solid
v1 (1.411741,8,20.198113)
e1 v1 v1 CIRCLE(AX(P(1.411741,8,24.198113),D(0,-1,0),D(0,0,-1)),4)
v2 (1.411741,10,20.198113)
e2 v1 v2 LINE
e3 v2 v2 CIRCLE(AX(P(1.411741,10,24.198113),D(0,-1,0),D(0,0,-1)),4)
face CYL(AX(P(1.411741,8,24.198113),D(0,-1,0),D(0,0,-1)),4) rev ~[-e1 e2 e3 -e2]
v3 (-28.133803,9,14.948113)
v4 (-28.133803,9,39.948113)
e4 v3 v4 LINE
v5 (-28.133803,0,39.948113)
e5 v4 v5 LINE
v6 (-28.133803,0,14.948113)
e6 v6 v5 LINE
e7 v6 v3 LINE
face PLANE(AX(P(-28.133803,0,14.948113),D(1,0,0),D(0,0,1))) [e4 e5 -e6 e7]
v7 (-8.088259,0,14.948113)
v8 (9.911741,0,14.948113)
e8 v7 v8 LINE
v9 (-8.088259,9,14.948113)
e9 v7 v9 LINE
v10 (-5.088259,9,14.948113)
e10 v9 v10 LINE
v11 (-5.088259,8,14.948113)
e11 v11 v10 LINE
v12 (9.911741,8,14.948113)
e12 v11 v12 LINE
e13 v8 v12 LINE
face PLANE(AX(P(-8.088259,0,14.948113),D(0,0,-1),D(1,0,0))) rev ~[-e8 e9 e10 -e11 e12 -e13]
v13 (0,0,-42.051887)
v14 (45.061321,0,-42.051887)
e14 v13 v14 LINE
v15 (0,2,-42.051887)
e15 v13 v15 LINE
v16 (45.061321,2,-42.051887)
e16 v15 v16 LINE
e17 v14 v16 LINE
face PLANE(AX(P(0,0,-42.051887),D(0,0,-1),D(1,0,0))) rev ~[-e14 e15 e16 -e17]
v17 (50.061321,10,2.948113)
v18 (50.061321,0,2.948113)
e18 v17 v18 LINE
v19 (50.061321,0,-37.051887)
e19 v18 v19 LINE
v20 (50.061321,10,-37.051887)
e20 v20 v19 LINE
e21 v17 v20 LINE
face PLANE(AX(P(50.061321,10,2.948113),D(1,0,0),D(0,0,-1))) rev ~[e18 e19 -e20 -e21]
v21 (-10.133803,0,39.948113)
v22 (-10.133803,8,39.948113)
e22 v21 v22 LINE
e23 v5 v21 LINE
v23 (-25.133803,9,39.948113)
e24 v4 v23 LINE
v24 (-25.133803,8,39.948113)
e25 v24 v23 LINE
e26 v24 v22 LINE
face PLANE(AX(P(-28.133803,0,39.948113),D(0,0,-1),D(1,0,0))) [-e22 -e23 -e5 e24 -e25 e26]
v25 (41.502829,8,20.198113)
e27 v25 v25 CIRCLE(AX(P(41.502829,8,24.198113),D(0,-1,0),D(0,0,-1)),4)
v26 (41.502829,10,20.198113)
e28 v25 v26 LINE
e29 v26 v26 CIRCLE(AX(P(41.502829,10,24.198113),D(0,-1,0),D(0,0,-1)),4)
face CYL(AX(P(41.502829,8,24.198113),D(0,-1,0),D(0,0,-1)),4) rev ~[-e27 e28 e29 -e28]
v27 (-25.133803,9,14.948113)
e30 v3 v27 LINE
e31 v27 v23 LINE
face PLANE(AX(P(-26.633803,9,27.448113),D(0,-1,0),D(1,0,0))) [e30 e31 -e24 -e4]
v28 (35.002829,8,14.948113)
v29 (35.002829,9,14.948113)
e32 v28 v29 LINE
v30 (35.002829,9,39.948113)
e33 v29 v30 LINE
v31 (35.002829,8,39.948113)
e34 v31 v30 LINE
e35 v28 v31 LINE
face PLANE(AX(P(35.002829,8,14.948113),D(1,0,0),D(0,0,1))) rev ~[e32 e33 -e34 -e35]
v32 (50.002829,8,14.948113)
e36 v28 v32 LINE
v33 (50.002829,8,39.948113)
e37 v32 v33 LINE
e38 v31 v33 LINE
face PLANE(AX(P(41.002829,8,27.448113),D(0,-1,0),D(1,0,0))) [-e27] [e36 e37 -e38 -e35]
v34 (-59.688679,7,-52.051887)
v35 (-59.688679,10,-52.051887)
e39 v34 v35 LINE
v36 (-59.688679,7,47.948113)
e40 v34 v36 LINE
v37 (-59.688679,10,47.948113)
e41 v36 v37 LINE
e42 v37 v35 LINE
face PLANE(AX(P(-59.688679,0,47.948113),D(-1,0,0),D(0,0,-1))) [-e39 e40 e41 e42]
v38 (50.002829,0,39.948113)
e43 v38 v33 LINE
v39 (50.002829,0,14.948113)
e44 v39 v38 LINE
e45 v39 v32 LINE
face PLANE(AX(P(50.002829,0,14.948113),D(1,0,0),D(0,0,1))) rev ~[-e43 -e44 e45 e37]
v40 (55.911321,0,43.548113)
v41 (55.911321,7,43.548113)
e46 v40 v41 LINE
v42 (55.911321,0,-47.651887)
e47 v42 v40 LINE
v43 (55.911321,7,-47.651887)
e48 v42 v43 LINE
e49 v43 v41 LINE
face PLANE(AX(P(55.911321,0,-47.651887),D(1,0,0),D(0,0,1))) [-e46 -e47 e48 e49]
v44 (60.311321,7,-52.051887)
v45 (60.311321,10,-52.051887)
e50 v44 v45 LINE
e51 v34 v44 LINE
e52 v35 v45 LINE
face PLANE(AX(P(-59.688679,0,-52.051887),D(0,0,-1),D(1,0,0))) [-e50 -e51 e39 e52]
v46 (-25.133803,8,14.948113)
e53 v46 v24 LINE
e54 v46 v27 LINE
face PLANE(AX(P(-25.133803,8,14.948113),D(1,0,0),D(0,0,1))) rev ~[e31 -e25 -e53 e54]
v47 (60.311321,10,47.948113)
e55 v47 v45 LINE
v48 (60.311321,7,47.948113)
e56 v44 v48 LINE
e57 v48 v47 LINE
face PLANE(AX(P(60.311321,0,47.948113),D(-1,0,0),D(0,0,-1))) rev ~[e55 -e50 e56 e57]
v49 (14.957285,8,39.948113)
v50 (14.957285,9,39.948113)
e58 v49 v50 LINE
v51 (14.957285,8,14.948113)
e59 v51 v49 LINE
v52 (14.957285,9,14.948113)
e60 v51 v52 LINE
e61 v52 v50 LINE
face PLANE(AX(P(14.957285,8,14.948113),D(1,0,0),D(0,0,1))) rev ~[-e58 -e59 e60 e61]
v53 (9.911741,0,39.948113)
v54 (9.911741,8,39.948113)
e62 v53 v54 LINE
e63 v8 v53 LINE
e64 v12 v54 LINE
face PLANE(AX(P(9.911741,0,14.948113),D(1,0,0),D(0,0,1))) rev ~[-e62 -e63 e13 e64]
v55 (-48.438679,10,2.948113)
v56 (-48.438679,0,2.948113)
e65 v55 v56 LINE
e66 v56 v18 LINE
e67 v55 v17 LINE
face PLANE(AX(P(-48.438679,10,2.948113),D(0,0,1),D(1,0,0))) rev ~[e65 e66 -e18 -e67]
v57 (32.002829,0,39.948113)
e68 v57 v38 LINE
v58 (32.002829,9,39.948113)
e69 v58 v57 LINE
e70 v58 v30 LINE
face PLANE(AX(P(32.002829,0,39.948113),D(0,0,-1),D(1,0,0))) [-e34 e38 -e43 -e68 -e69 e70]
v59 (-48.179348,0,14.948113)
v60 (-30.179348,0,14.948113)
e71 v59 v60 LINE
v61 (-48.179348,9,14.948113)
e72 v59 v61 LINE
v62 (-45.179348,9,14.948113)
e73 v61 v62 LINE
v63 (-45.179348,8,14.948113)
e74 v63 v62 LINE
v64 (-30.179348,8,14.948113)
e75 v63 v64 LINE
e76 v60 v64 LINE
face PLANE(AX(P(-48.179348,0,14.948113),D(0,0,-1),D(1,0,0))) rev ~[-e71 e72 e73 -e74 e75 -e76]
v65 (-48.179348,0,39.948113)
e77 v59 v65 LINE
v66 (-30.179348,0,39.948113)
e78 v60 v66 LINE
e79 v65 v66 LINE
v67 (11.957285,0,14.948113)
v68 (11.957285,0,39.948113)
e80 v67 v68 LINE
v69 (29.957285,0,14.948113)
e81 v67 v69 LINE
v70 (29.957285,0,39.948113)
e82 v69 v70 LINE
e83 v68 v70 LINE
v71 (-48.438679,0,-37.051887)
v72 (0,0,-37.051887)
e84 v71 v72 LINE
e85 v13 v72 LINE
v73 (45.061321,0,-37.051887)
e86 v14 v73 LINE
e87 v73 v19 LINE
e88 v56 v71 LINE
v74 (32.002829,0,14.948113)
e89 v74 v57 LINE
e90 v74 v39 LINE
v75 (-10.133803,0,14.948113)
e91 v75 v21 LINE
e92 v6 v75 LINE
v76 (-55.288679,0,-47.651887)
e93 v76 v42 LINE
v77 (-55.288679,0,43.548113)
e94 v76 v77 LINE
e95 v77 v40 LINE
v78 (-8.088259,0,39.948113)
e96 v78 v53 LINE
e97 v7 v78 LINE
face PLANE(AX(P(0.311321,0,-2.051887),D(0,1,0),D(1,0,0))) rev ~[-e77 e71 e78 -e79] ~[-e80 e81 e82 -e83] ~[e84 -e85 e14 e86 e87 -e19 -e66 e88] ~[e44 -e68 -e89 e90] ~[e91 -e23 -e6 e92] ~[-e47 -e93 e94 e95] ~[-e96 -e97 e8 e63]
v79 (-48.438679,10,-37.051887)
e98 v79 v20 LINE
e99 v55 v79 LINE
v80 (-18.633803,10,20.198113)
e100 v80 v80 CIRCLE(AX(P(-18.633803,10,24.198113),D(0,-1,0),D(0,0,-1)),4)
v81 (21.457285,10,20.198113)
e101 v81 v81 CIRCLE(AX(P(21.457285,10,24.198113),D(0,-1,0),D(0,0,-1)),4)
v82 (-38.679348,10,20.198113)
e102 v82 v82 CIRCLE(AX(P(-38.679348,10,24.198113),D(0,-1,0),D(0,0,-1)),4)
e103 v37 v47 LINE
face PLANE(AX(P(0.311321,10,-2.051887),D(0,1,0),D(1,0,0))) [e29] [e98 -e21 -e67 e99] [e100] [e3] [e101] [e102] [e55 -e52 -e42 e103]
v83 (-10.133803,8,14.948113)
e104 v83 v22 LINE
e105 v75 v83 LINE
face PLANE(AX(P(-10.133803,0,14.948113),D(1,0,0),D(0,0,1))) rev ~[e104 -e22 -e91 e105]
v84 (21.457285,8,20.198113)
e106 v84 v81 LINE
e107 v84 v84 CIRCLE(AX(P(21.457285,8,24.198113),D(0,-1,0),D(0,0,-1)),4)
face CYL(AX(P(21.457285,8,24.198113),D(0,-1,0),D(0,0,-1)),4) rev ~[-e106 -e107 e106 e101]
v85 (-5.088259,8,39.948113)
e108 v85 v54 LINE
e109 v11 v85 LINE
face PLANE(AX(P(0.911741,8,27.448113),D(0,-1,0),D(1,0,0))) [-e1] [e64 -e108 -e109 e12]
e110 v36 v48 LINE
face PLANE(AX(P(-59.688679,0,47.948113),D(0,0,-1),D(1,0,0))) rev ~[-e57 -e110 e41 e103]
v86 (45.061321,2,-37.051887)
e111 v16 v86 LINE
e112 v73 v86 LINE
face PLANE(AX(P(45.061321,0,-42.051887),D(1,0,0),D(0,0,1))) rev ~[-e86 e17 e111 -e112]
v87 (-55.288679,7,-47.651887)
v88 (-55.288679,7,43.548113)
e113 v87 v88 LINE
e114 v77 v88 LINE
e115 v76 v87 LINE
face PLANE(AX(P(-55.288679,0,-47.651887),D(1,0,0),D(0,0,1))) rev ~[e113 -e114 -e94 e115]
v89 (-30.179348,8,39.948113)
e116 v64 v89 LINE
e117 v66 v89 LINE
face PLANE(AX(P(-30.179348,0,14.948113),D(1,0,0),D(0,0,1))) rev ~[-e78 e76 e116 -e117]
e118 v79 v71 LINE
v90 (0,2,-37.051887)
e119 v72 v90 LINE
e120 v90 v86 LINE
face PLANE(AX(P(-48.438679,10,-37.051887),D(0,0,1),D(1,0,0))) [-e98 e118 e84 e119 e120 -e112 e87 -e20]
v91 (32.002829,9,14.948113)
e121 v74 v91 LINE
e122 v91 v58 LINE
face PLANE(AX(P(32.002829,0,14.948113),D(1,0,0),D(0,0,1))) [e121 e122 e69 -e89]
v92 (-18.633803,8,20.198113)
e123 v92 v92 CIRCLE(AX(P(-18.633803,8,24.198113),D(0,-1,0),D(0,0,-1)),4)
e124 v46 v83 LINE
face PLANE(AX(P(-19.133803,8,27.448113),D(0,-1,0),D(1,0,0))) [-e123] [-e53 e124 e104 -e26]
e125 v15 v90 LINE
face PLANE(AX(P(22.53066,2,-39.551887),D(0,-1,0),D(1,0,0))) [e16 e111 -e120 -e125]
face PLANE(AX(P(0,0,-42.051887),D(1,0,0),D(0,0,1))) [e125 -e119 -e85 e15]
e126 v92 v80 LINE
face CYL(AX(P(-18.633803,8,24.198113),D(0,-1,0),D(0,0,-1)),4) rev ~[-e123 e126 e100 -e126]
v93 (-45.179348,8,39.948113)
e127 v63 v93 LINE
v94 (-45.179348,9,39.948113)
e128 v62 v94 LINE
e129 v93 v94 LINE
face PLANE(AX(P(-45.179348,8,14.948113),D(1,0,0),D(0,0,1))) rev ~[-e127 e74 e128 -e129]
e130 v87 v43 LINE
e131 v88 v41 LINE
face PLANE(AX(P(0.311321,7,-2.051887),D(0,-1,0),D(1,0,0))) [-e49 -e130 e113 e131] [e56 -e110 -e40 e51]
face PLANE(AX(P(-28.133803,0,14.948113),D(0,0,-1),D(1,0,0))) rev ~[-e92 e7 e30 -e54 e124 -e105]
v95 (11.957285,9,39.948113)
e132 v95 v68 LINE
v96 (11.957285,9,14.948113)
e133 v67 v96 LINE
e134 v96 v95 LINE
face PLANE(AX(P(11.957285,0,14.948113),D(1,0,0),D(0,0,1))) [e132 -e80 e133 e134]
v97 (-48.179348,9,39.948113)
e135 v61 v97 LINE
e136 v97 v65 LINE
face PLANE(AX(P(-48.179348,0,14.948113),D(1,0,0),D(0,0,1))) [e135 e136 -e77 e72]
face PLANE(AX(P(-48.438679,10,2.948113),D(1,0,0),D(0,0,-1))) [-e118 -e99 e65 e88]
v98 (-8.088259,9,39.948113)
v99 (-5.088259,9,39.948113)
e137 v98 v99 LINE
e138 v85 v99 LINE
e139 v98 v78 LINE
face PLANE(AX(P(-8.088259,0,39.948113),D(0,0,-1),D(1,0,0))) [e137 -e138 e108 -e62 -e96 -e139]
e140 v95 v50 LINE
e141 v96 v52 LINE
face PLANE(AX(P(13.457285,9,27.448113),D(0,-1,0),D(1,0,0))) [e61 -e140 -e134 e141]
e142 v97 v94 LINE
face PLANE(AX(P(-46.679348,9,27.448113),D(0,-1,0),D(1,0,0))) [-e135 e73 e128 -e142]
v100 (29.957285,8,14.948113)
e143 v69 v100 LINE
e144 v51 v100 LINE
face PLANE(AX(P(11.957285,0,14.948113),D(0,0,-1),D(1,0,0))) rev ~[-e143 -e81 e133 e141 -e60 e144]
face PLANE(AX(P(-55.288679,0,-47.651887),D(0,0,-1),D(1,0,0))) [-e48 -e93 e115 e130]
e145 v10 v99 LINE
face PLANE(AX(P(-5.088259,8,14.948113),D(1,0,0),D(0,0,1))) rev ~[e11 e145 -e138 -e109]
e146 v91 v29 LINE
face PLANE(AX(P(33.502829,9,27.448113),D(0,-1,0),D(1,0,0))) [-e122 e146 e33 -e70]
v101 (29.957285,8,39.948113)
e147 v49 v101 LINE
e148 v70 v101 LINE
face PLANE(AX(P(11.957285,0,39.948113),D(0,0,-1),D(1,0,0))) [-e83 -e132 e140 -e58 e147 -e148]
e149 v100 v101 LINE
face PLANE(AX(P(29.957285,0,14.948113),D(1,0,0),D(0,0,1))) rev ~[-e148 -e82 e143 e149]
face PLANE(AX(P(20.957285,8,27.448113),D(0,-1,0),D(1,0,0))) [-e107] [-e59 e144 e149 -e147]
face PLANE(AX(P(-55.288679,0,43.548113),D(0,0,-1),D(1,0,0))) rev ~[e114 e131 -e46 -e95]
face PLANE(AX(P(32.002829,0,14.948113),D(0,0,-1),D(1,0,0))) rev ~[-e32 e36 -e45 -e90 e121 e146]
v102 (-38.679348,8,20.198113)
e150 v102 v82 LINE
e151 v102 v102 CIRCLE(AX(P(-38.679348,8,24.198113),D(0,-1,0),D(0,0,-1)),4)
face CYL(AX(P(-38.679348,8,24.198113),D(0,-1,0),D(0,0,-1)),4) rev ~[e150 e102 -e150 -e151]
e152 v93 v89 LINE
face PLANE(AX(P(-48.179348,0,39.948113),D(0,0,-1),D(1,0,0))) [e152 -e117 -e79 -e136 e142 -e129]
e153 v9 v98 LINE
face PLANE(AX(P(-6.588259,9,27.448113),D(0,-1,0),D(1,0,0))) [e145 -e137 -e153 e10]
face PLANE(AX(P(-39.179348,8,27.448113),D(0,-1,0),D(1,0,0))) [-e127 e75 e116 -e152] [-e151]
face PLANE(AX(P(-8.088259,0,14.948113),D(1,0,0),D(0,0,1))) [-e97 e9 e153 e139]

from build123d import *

# Parameters (mm, degrees)
SKETCH1_W           = 120
SKETCH1_H           = 100
BOSS_EXTRUDE1_DEPTH = 10
SKETCH2_W           = 98.5
SKETCH2_H           = 40
CUT_EXTRUDE1_DEPTH  = 10
SKETCH3_W           = 120
SKETCH3_H           = 100
SKETCH3_W_2         = 111.2
SKETCH3_H_2         = 91.2
CUT_EXTRUDE3_DEPTH  = 7
SKETCH4_W           = 18
SKETCH4_H           = 25
CUT_EXTRUDE4_DEPTH  = 8
SKETCH5_W           = 3
SKETCH5_H           = 25
CUT_EXTRUDE6_DEPTH  = 1
SKETCH6_R           = 4
CUT_EXTRUDE12_DEPTH = 81.067810822
SKETCH7_W           = 45.061320755
SKETCH7_H           = 5
CUT_EXTRUDE13_DEPTH = 2


with BuildPart() as part:
    # Sketch1 → Boss-Extrude1 (new body)
    with BuildSketch(Plane(origin=(0, 0, 0), x_dir=(1, 0, 0), z_dir=(0, 1, 0))):
        with Locations((0.311320755, 2.051886792)):
            Rectangle(SKETCH1_W, SKETCH1_H)
    extrude(amount=BOSS_EXTRUDE1_DEPTH)

    # Sketch2 → Cut-Extrude1 (cut)
    with BuildSketch(Plane(origin=(0, 10, 0), x_dir=(1, 0, 0), z_dir=(0, 1, 0))):
        with Locations((0.811320755, 17.051886792)):
            Rectangle(SKETCH2_W, SKETCH2_H)
    extrude(amount=-CUT_EXTRUDE1_DEPTH, mode=Mode.SUBTRACT)

    # Sketch3 → Cut-Extrude3 (cut)
    with BuildSketch(Plane.XZ):
        with Locations((0.311320755, -2.051886792)):
            Rectangle(SKETCH3_W, SKETCH3_H)
        with Locations((0.311320755, -2.051886792)):
            Rectangle(SKETCH3_W_2, SKETCH3_H_2, mode=Mode.SUBTRACT)
    extrude(amount=-CUT_EXTRUDE3_DEPTH, mode=Mode.SUBTRACT)

    # Sketch4 → Cut-Extrude4 (cut)
    with BuildSketch(Plane.XZ):
        with Locations((-39.17934754, 27.448113208)):
            Rectangle(SKETCH4_W, SKETCH4_H)
        with Locations((-19.133803456, 27.448113208)):
            Rectangle(SKETCH4_W, SKETCH4_H)
        with Locations((0.911740628, 27.448113208)):
            Rectangle(SKETCH4_W, SKETCH4_H)
        with Locations((20.957284712, 27.448113208)):
            Rectangle(SKETCH4_W, SKETCH4_H)
        with Locations((41.002828796, 27.448113208)):
            Rectangle(SKETCH4_W, SKETCH4_H)
    extrude(amount=-CUT_EXTRUDE4_DEPTH, mode=Mode.SUBTRACT)

    # Sketch5 → Cut-Extrude6 (cut)
    with BuildSketch(Plane.XZ.offset(-8)):
        with Locations((33.502828796, 27.448113208)):
            Rectangle(SKETCH5_W, SKETCH5_H)
        with Locations((13.457284712, 27.448113208)):
            Rectangle(SKETCH5_W, SKETCH5_H)
        with Locations((-6.588259372, 27.448113208)):
            Rectangle(SKETCH5_W, SKETCH5_H)
        with Locations((-26.633803456, 27.448113208)):
            Rectangle(SKETCH5_W, SKETCH5_H)
        with Locations((-46.67934754, 27.448113208)):
            Rectangle(SKETCH5_W, SKETCH5_H)
    extrude(amount=-CUT_EXTRUDE6_DEPTH, mode=Mode.SUBTRACT)

    # Sketch6 → Cut-Extrude12 (cut, through all)
    with BuildSketch(Plane.XZ.offset(-8)):
        with Locations(Location((41.502828796, 24.198113208, 0), (0, 0, 270))):
            Circle(SKETCH6_R)
        with Locations(Location((21.457284712, 24.198113208, 0), (0, 0, 270))):
            Circle(SKETCH6_R)
        with Locations(Location((1.411740628, 24.198113208, 0), (0, 0, 270))):
            Circle(SKETCH6_R)
        with Locations(Location((-18.633803456, 24.198113208, 0), (0, 0, 270))):
            Circle(SKETCH6_R)
        with Locations(Location((-38.67934754, 24.198113208, 0), (0, 0, 270))):
            Circle(SKETCH6_R)
    extrude(amount=-CUT_EXTRUDE12_DEPTH, mode=Mode.SUBTRACT)

    # Sketch7 → Cut-Extrude13 (cut)
    with BuildSketch(Plane.XZ):
        with Locations((22.530660378, -39.551886792)):
            Rectangle(SKETCH7_W, SKETCH7_H)
    extrude(amount=-CUT_EXTRUDE13_DEPTH, mode=Mode.SUBTRACT)


solid = part.part
